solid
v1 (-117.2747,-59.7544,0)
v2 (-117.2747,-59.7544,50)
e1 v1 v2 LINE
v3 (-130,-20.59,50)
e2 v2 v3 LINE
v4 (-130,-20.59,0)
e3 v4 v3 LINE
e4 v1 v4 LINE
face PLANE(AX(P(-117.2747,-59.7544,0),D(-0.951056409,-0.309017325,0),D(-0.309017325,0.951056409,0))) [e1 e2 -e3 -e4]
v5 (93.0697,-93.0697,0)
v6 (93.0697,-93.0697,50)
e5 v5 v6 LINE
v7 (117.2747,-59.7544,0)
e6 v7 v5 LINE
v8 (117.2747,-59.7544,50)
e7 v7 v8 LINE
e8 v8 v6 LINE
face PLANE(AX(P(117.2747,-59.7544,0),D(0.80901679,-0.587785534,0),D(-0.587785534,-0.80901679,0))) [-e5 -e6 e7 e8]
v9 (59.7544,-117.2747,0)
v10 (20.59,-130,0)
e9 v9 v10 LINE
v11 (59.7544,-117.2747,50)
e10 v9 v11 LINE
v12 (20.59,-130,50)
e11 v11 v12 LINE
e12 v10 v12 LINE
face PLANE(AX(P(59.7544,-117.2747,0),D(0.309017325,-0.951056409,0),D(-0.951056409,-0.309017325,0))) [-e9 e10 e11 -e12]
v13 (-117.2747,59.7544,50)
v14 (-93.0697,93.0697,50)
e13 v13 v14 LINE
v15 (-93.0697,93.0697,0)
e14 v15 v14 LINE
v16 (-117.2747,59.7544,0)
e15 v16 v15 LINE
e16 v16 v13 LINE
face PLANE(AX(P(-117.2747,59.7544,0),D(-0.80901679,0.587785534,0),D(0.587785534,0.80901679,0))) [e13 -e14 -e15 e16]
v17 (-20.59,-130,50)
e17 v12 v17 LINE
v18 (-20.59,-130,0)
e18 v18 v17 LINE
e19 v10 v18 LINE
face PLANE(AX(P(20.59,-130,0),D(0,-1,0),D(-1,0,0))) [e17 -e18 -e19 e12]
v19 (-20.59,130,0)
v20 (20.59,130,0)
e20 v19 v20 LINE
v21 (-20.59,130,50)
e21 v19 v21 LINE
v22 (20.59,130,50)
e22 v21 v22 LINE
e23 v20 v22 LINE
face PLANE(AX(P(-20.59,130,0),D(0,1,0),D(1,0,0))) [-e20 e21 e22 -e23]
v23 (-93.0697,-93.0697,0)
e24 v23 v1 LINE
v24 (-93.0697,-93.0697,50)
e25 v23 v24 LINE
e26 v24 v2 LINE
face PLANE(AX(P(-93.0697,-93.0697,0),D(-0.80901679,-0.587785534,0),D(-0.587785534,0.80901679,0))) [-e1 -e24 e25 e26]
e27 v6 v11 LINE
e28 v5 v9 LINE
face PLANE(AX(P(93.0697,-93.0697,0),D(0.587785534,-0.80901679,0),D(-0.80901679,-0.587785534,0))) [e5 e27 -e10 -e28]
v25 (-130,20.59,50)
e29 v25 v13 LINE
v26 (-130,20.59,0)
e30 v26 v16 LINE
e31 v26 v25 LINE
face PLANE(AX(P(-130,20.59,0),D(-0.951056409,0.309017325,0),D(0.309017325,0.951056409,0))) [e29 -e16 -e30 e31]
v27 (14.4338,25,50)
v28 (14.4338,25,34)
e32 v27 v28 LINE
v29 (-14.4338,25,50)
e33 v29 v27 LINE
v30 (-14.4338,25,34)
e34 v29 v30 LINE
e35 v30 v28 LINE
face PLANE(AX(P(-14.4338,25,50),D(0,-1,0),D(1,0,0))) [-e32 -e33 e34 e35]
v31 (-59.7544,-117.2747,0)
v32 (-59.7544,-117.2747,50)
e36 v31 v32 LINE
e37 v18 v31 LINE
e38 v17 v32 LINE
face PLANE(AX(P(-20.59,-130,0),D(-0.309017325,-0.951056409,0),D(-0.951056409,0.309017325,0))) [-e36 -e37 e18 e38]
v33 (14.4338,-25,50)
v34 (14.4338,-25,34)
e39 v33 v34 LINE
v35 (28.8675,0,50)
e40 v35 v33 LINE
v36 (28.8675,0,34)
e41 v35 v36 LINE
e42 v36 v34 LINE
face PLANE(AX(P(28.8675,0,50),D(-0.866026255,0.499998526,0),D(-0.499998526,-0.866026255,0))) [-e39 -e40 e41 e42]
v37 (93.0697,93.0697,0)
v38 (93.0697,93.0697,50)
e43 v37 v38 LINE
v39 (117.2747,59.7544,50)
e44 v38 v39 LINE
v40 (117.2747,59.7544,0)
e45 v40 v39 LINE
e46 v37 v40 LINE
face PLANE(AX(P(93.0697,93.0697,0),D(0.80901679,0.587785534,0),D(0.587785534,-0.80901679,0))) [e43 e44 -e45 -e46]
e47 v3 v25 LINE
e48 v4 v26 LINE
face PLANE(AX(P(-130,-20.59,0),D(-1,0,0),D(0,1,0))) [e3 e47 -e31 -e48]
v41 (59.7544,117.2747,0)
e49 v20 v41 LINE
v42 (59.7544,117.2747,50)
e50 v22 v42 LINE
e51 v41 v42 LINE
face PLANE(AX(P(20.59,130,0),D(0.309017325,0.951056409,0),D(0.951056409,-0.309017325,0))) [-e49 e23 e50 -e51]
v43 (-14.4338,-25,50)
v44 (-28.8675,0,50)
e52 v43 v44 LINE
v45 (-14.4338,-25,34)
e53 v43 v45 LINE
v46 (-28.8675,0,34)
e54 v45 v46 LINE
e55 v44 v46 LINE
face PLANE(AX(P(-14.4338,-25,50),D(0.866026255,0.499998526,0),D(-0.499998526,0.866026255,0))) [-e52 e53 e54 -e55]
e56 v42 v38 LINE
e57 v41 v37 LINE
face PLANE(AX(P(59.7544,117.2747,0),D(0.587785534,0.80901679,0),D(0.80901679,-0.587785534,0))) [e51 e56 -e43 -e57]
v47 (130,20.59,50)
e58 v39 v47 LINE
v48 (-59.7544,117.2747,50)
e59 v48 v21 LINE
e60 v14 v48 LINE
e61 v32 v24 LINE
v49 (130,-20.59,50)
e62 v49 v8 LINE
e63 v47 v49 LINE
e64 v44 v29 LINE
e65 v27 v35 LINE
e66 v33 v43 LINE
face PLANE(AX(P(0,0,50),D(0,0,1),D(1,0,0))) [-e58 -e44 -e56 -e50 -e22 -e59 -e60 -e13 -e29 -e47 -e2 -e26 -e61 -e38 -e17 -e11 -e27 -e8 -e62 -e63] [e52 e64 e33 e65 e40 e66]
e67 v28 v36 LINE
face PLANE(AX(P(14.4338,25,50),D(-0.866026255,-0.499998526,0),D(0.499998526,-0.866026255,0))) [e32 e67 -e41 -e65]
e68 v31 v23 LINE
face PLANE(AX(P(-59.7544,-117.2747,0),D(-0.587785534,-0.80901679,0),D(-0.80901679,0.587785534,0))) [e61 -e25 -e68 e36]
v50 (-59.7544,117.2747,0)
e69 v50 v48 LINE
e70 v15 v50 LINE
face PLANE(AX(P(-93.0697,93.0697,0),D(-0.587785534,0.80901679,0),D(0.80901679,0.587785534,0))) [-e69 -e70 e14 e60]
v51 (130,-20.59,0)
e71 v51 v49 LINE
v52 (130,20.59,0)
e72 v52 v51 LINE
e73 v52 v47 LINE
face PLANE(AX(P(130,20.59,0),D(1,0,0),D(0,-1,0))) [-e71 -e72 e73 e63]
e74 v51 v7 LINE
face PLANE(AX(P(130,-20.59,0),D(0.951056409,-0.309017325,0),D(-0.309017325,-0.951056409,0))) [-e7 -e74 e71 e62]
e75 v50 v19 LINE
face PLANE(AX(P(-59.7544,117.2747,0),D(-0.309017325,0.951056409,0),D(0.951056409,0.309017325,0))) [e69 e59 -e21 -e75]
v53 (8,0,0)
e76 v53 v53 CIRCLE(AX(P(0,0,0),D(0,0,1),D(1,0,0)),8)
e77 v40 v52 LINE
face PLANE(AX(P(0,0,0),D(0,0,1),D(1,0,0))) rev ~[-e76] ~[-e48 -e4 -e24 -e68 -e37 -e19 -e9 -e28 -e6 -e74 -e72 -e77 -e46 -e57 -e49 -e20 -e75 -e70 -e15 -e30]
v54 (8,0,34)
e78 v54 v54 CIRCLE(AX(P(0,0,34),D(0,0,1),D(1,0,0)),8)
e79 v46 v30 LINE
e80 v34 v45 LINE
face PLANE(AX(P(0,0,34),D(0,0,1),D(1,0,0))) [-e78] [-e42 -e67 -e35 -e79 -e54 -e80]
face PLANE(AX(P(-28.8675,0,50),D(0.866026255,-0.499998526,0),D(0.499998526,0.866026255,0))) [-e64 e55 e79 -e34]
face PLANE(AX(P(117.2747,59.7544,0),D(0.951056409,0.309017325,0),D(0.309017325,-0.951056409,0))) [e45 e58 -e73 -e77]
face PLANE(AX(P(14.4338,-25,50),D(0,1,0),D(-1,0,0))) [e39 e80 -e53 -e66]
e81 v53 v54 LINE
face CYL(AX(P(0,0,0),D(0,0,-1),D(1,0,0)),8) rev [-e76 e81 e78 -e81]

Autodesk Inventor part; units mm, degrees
ref_plane "YZ Plane" through (0, 0, 0) normal (1, 0, 0) x (0, 1, 0)
ref_plane "XZ Plane" through (0, 0, 0) normal (0, 1, 0) x (-1, 0, 0)
ref_plane "XY Plane" through (0, 0, 0) normal (0, 0, 1) x (1, 0, 0)
sketch "Sketch2" plane through (0, 0, 0) normal (0, 0, 1) x (1, 0, 0)
  line L0 (20.59, 130) -> (59.7544, 117.2747)
  line L1 (59.7544, 117.2747) -> (93.0697, 93.0697)
  line L2 (93.0697, 93.0697) -> (117.2747, 59.7544)
  line L3 (117.2747, 59.7544) -> (130, 20.59)
  line L4 (130, 20.59) -> (130, -20.59)
  line L5 (130, -20.59) -> (117.2747, -59.7544)
  line L6 (117.2747, -59.7544) -> (93.0697, -93.0697)
  line L7 (93.0697, -93.0697) -> (59.7544, -117.2747)
  line L8 (59.7544, -117.2747) -> (20.59, -130)
  line L9 (20.59, -130) -> (-20.59, -130)
  line L10 (-20.59, -130) -> (-59.7544, -117.2747)
  line L11 (-59.7544, -117.2747) -> (-93.0697, -93.0697)
  line L12 (-93.0697, -93.0697) -> (-117.2747, -59.7544)
  line L13 (-117.2747, -59.7544) -> (-130, -20.59)
  line L14 (-130, -20.59) -> (-130, 20.59)
  line L15 (-130, 20.59) -> (-117.2747, 59.7544)
  line L16 (-117.2747, 59.7544) -> (-93.0697, 93.0697)
  line L17 (-93.0697, 93.0697) -> (-59.7544, 117.2747)
  line L18 (-59.7544, 117.2747) -> (-20.59, 130)
  line L19 (-20.59, 130) -> (20.59, 130)
  circle A0 centre (0, 0) radius 8
  point P0 (0, 130)
  dimension "d0" = 260
  dimension "d3" = 16
extrude "Extrusion1" add sketch "Sketch2" along normal blind 50
sketch "Sketch3" plane through (0, 0, 50) normal (0, 0, 1) x (1, 0, 0)
  circle A0 centre (0, 0) radius 8 projected
  line L0 (14.4338, 25) -> (28.8675, 0)
  line L1 (28.8675, 0) -> (14.4338, -25)
  line L2 (14.4338, -25) -> (-14.4338, -25)
  line L3 (-14.4338, -25) -> (-28.8675, 0)
  line L4 (-28.8675, 0) -> (-14.4338, 25)
  line L5 (-14.4338, 25) -> (14.4338, 25)
  point P0 (0, 25)
  dimension "d4" = 50
extrude "Extrusion2" cut sketch "Sketch3" against normal blind 16
properties part number "PropellerHub"
